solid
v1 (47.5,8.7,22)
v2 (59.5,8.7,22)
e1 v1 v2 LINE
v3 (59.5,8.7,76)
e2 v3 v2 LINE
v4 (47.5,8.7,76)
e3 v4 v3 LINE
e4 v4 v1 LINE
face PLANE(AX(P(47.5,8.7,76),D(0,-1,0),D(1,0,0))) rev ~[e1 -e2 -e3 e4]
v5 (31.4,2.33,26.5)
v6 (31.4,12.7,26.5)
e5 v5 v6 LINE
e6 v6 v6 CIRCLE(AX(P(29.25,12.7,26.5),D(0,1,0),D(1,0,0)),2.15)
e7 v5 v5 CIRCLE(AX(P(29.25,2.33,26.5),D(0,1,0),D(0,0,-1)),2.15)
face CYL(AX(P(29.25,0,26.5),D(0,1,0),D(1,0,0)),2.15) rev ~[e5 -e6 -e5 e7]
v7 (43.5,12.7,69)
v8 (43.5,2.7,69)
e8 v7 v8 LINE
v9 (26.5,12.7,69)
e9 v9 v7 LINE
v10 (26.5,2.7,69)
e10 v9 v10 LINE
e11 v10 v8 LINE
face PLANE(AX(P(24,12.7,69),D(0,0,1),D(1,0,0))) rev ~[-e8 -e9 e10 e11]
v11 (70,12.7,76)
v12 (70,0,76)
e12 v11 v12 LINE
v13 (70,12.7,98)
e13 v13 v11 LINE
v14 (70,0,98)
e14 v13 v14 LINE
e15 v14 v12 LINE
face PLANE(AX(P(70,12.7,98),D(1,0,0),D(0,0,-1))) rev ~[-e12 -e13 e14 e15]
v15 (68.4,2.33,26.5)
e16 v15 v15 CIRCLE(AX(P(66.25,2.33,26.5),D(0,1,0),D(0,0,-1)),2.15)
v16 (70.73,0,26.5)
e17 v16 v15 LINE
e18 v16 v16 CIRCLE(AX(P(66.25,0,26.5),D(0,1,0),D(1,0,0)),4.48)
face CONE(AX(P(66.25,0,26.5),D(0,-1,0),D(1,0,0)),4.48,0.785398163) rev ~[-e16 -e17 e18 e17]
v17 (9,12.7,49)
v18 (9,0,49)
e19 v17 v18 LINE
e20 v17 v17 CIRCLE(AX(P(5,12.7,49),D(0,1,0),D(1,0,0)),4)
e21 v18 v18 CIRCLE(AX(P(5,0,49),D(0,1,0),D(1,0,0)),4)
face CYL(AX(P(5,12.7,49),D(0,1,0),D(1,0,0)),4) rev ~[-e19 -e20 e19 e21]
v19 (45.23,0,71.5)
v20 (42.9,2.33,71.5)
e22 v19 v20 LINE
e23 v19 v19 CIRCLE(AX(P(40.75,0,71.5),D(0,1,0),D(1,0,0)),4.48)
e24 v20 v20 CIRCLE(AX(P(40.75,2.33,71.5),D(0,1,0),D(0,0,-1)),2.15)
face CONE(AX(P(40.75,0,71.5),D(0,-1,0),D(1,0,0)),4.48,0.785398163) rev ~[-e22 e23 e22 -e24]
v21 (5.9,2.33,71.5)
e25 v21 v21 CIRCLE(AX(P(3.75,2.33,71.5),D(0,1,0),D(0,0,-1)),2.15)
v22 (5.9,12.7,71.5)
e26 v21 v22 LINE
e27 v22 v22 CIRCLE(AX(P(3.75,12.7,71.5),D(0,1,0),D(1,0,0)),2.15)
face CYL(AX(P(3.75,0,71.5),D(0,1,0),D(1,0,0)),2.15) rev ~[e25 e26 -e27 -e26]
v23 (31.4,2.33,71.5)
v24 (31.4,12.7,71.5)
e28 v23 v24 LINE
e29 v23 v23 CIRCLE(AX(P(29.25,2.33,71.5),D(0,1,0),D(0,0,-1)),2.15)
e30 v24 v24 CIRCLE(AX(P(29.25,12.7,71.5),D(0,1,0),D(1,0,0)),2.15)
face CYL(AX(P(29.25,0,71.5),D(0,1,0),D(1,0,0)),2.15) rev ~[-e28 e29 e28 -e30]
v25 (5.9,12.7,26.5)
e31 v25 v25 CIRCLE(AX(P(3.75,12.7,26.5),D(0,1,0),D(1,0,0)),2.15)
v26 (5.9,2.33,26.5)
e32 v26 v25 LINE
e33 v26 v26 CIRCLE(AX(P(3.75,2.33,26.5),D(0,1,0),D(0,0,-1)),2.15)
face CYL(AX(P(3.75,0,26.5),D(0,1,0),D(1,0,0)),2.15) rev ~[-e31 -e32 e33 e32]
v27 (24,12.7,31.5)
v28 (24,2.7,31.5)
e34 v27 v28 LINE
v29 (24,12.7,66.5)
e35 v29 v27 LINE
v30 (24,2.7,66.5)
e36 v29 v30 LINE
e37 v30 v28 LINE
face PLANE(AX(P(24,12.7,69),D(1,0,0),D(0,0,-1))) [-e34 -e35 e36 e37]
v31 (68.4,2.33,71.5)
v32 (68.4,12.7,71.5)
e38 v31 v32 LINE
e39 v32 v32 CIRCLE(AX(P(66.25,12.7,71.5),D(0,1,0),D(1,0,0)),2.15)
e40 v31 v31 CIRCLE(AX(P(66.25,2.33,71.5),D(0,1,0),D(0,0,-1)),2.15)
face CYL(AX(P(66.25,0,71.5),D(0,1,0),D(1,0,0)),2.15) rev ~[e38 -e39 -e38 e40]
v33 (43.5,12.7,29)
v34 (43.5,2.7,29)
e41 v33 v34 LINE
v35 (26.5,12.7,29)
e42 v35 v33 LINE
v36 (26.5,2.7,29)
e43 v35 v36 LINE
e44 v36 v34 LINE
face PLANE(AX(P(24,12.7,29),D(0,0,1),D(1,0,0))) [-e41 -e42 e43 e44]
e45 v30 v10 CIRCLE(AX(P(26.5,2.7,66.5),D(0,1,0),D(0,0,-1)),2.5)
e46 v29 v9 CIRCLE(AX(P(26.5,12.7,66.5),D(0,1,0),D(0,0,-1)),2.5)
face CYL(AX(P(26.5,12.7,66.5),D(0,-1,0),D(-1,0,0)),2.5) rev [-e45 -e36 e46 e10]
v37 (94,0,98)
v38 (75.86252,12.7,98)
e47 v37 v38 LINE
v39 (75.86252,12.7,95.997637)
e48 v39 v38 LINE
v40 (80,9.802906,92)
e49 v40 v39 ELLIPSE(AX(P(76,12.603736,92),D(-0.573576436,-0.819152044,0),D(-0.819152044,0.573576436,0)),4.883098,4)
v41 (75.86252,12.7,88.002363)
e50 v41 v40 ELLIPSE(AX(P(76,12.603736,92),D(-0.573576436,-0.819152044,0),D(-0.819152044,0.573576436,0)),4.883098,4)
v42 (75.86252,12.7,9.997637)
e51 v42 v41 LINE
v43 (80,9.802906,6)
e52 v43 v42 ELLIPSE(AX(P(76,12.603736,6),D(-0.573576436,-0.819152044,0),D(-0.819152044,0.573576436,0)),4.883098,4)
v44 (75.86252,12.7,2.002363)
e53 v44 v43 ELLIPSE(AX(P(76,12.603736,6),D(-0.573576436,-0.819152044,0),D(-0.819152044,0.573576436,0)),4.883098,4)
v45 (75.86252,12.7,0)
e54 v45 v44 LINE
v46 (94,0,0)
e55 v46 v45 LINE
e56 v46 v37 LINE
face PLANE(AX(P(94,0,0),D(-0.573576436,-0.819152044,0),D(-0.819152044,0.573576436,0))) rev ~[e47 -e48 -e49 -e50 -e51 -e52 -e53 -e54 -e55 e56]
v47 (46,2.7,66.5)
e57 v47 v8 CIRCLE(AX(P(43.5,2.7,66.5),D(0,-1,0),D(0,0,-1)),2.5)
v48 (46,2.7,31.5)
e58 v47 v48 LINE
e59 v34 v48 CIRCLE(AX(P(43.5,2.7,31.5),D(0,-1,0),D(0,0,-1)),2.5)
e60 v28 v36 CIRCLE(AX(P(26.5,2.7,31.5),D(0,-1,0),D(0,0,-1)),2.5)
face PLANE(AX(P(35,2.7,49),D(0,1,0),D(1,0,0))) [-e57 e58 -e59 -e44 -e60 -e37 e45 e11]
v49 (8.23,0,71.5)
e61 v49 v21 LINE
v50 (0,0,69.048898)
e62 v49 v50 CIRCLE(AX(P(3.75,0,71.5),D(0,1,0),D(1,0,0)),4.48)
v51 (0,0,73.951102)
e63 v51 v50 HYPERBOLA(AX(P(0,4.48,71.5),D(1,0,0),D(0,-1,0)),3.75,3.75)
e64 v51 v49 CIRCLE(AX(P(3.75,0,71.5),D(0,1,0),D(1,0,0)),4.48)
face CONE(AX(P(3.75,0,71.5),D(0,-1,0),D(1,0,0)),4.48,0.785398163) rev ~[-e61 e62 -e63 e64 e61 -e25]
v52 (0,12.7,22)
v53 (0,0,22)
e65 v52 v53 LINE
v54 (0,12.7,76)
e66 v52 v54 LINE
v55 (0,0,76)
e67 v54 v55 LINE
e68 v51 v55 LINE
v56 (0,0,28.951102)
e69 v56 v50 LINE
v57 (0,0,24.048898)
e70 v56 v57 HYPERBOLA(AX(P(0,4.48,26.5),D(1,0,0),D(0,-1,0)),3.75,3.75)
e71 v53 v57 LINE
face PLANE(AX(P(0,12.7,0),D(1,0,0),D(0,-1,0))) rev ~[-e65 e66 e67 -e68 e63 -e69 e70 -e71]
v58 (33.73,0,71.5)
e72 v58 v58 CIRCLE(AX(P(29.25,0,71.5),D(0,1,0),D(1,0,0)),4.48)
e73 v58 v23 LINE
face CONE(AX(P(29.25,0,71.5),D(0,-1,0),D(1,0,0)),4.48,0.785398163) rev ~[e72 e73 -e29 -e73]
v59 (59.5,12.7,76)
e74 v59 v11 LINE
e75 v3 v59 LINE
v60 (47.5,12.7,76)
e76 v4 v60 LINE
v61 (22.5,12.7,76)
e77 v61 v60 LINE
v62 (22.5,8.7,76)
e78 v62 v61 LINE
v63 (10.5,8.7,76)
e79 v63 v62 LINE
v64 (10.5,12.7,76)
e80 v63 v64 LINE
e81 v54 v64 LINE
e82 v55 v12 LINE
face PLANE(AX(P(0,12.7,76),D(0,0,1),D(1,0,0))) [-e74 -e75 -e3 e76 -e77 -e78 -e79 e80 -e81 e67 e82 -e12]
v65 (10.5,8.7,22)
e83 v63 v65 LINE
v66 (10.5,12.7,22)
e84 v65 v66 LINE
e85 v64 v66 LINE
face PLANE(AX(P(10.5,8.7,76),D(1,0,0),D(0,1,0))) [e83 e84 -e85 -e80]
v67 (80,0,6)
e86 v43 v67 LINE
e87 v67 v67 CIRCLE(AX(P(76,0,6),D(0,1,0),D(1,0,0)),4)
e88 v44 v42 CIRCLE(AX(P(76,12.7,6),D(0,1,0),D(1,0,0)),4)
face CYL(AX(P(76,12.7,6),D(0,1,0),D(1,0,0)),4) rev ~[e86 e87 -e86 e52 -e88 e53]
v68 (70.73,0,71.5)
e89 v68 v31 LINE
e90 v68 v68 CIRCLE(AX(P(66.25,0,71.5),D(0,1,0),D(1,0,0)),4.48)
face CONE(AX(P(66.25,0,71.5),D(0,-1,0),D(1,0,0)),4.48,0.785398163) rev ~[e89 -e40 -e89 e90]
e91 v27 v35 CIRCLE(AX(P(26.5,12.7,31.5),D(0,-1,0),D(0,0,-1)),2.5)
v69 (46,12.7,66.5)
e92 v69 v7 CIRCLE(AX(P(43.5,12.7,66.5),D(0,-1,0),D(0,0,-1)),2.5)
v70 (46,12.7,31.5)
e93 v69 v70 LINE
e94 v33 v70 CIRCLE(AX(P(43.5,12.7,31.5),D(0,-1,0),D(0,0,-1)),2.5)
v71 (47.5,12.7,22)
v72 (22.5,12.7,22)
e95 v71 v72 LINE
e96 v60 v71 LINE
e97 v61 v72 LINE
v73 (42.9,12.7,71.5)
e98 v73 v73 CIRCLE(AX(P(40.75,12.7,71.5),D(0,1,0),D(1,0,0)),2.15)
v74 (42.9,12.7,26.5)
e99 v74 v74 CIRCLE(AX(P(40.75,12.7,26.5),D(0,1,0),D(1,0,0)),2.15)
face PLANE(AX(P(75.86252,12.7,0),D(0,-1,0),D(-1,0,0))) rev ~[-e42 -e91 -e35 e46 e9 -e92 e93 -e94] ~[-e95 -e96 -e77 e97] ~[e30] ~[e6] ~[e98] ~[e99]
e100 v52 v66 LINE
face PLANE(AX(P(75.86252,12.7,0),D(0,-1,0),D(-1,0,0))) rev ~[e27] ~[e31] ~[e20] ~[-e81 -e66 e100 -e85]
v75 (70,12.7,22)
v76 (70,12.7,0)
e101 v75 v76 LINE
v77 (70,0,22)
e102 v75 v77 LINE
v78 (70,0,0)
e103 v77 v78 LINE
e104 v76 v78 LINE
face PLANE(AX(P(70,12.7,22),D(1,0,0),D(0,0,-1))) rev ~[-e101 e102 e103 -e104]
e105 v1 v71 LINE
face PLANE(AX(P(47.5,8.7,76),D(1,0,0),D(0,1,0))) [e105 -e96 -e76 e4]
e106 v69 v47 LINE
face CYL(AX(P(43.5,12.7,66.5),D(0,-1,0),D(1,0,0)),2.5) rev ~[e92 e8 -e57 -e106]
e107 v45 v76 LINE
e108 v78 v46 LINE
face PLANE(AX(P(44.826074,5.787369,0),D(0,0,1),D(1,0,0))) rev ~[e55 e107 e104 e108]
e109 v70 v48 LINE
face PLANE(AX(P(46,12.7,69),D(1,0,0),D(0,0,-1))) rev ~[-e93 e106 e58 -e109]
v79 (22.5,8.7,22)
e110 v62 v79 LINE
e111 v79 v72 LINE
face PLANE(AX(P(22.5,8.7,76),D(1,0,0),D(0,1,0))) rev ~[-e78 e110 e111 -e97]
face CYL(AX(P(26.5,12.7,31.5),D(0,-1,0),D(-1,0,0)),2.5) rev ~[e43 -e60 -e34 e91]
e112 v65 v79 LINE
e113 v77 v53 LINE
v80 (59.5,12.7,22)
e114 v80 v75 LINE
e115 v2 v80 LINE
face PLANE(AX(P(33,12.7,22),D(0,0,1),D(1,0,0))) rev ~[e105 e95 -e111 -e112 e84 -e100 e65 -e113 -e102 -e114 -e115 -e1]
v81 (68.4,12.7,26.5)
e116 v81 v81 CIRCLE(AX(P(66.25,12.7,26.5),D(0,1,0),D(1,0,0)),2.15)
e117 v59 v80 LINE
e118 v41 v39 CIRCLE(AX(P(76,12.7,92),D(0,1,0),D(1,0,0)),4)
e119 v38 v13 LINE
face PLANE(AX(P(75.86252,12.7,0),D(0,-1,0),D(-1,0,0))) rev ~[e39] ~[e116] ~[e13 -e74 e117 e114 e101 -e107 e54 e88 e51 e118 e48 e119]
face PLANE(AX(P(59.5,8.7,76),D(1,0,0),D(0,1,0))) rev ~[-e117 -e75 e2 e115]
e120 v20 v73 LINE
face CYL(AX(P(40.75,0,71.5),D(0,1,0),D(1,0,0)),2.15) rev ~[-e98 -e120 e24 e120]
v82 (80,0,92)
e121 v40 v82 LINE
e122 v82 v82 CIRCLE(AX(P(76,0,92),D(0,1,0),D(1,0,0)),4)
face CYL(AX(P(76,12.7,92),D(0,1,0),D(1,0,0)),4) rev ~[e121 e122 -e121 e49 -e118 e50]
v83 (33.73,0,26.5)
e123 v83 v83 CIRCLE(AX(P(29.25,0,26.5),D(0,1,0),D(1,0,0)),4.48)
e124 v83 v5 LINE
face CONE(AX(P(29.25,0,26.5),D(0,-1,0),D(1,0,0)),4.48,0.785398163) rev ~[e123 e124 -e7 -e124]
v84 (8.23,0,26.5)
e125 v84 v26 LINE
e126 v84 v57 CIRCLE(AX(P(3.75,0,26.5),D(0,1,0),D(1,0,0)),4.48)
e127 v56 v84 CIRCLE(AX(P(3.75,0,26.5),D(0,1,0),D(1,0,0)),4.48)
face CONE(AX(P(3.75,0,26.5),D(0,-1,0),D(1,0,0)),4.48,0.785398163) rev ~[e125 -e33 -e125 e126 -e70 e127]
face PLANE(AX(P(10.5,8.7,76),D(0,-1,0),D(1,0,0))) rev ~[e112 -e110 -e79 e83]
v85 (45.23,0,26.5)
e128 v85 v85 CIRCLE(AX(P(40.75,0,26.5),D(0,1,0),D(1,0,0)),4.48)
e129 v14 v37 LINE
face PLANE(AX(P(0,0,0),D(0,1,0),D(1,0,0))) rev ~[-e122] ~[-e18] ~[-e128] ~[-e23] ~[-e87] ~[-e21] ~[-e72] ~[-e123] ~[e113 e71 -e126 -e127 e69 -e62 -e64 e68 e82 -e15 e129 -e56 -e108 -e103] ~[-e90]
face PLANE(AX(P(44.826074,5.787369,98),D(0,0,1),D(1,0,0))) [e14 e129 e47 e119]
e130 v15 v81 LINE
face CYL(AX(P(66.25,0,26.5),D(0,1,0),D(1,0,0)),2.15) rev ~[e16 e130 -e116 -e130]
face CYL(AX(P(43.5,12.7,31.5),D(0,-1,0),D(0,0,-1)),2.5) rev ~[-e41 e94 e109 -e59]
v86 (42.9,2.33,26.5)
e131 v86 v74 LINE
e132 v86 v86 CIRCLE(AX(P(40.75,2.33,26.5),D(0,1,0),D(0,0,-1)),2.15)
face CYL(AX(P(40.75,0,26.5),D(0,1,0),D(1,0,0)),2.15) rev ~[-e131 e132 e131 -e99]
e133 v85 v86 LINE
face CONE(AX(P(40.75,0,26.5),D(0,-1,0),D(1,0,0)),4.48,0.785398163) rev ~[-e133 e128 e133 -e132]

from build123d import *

# Parameters (mm, degrees)
RESSALTO_EXTRUS_O1_DEPTH                            = 98
ESBO_O4_W                                           = 33
ESBO_O4_H                                           = 22
CORTE_EXTRUS_O3_DEPTH                               = 25
ESBO_O2_R                                           = 4
CORTE_EXTRUS_O1_DEPTH                               = 98
ESBO_O10_W                                          = 12
ESBO_O10_H                                          = 4
CORTE_EXTRUS_O8_DEPTH                               = 77
ESBO_O11_R                                          = 1.6
CORTE_EXTRUS_O9_DEPTH                               = 20
ESBO_O12_W                                          = 22
ESBO_O12_H                                          = 40
CORTE_EXTRUS_O10_DEPTH                              = 10
FILETE1_R                                           = 2.5
ESCAREADO_PARA_PARAFUSO_ALLEN_SEXTAVADO_D           = 4.3
ESCAREADO_PARA_PARAFUSO_ALLEN_SEXTAVADO_CSINK_D     = 8.96
ESCAREADO_PARA_PARAFUSO_ALLEN_SEXTAVADO_CSINK_ANGLE = 90
ESBO_O15_W                                          = 4
ESBO_O15_H                                          = 22
CORTE_EXTRUS_O11_DEPTH                              = 13.7


with BuildPart() as part:
    # Esboço1 → Ressalto-extrusão1 (new body)
    with BuildSketch(Plane.XY):
        Polygon((0, 0), (94, 0), (75.862520314, 12.7), (0, 12.7), align=None)
    extrude(amount=RESSALTO_EXTRUS_O1_DEPTH)

    # Esboço4 → Corte-extrusão3 (cut)
    with BuildSketch(Plane(origin=(0, 12.7, 0), x_dir=(1, 0, 0), z_dir=(0, 1, 0))):
        with Locations((16.5, -87)):
            Rectangle(ESBO_O4_W, ESBO_O4_H)
        with Locations((16.5, -11)):
            Rectangle(ESBO_O4_W, ESBO_O4_H)
        with Locations((53.5, -87)):
            Rectangle(ESBO_O4_W, ESBO_O4_H)
        with Locations((53.5, -11)):
            Rectangle(ESBO_O4_W, ESBO_O4_H)
    extrude(amount=-CORTE_EXTRUS_O3_DEPTH, mode=Mode.SUBTRACT)

    # Esboço2 → Corte-extrusão1 (cut)
    with BuildSketch(Plane(origin=(0, 12.7, 0), x_dir=(1, 0, 0), z_dir=(0, 1, 0))):
        with Locations((76, -92)):
            Circle(ESBO_O2_R)
        with Locations((76, -6)):
            Circle(ESBO_O2_R)
        with Locations((5, -49)):
            Circle(ESBO_O2_R)
    extrude(amount=-CORTE_EXTRUS_O1_DEPTH, mode=Mode.SUBTRACT)

    # Esboço10 → Corte-extrusão8 (cut, through all)
    with BuildSketch(Plane.XY.offset(76)):
        with Locations((16.5, 10.7)):
            Rectangle(ESBO_O10_W, ESBO_O10_H)
        with Locations((53.5, 10.7)):
            Rectangle(ESBO_O10_W, ESBO_O10_H)
    extrude(amount=-CORTE_EXTRUS_O8_DEPTH, mode=Mode.SUBTRACT)

    # Esboço11 → Corte-extrusão9 (cut)
    with BuildSketch(Plane(origin=(0, 12.7, 0), x_dir=(1, 0, 0), z_dir=(0, 1, 0))):
        with Locations((29.25, -26.5)):
            Circle(ESBO_O11_R)
        with Locations((29.25, -71.5)):
            Circle(ESBO_O11_R)
        with Locations((3.75, -71.5)):
            Circle(ESBO_O11_R)
        with Locations((3.75, -26.5)):
            Circle(ESBO_O11_R)
        with Locations((40.75, -26.5)):
            Circle(ESBO_O11_R)
        with Locations((66.25, -26.5)):
            Circle(ESBO_O11_R)
        with Locations((66.25, -71.5)):
            Circle(ESBO_O11_R)
        with Locations((40.75, -71.5)):
            Circle(ESBO_O11_R)
    extrude(amount=-CORTE_EXTRUS_O9_DEPTH, mode=Mode.SUBTRACT)

    # Esboço12 → Corte-extrusão10 (cut)
    with BuildSketch(Plane(origin=(0, 12.7, 0), x_dir=(1, 0, 0), z_dir=(0, 1, 0))):
        with Locations((35, -49)):
            Rectangle(ESBO_O12_W, ESBO_O12_H)
    extrude(amount=-CORTE_EXTRUS_O10_DEPTH, mode=Mode.SUBTRACT)

    # Filete1
    filete1_edges = [part.edges().sort_by_distance(p)[0] for p in [
        (46, 7.7, 29),
        (46, 7.7, 69),
        (24, 7.7, 69),
        (24, 7.7, 29),
    ]]
    fillet(filete1_edges, radius=FILETE1_R)

    # Escareado para parafuso Allen sextavado escareado de M41 (through all)
    with Locations(Plane(origin=(0, 0, 0), x_dir=(-1, 0, 0), z_dir=(0, -1, 0))):
        with Locations((-66.25, -71.5), (-66.25, -26.5), (-40.75, -26.5), (-29.25, -26.5), (-29.25, -71.5), (-40.75, -71.5), (-3.75, -71.5), (-3.75, -26.5)):
            CounterSinkHole(ESCAREADO_PARA_PARAFUSO_ALLEN_SEXTAVADO_D / 2, ESCAREADO_PARA_PARAFUSO_ALLEN_SEXTAVADO_CSINK_D / 2, counter_sink_angle=ESCAREADO_PARA_PARAFUSO_ALLEN_SEXTAVADO_CSINK_ANGLE)

    # Esboço15 → Corte-extrusão11 (cut, through all)
    with BuildSketch(Plane(origin=(0, 12.7, 0), x_dir=(1, 0, 0), z_dir=(0, 1, 0))):
        with Locations((35, -11)):
            Rectangle(ESBO_O15_W, ESBO_O15_H)
        with Locations((35, -87)):
            Rectangle(ESBO_O15_W, ESBO_O15_H)
    extrude(amount=-CORTE_EXTRUS_O11_DEPTH, mode=Mode.SUBTRACT)


solid = part.part
